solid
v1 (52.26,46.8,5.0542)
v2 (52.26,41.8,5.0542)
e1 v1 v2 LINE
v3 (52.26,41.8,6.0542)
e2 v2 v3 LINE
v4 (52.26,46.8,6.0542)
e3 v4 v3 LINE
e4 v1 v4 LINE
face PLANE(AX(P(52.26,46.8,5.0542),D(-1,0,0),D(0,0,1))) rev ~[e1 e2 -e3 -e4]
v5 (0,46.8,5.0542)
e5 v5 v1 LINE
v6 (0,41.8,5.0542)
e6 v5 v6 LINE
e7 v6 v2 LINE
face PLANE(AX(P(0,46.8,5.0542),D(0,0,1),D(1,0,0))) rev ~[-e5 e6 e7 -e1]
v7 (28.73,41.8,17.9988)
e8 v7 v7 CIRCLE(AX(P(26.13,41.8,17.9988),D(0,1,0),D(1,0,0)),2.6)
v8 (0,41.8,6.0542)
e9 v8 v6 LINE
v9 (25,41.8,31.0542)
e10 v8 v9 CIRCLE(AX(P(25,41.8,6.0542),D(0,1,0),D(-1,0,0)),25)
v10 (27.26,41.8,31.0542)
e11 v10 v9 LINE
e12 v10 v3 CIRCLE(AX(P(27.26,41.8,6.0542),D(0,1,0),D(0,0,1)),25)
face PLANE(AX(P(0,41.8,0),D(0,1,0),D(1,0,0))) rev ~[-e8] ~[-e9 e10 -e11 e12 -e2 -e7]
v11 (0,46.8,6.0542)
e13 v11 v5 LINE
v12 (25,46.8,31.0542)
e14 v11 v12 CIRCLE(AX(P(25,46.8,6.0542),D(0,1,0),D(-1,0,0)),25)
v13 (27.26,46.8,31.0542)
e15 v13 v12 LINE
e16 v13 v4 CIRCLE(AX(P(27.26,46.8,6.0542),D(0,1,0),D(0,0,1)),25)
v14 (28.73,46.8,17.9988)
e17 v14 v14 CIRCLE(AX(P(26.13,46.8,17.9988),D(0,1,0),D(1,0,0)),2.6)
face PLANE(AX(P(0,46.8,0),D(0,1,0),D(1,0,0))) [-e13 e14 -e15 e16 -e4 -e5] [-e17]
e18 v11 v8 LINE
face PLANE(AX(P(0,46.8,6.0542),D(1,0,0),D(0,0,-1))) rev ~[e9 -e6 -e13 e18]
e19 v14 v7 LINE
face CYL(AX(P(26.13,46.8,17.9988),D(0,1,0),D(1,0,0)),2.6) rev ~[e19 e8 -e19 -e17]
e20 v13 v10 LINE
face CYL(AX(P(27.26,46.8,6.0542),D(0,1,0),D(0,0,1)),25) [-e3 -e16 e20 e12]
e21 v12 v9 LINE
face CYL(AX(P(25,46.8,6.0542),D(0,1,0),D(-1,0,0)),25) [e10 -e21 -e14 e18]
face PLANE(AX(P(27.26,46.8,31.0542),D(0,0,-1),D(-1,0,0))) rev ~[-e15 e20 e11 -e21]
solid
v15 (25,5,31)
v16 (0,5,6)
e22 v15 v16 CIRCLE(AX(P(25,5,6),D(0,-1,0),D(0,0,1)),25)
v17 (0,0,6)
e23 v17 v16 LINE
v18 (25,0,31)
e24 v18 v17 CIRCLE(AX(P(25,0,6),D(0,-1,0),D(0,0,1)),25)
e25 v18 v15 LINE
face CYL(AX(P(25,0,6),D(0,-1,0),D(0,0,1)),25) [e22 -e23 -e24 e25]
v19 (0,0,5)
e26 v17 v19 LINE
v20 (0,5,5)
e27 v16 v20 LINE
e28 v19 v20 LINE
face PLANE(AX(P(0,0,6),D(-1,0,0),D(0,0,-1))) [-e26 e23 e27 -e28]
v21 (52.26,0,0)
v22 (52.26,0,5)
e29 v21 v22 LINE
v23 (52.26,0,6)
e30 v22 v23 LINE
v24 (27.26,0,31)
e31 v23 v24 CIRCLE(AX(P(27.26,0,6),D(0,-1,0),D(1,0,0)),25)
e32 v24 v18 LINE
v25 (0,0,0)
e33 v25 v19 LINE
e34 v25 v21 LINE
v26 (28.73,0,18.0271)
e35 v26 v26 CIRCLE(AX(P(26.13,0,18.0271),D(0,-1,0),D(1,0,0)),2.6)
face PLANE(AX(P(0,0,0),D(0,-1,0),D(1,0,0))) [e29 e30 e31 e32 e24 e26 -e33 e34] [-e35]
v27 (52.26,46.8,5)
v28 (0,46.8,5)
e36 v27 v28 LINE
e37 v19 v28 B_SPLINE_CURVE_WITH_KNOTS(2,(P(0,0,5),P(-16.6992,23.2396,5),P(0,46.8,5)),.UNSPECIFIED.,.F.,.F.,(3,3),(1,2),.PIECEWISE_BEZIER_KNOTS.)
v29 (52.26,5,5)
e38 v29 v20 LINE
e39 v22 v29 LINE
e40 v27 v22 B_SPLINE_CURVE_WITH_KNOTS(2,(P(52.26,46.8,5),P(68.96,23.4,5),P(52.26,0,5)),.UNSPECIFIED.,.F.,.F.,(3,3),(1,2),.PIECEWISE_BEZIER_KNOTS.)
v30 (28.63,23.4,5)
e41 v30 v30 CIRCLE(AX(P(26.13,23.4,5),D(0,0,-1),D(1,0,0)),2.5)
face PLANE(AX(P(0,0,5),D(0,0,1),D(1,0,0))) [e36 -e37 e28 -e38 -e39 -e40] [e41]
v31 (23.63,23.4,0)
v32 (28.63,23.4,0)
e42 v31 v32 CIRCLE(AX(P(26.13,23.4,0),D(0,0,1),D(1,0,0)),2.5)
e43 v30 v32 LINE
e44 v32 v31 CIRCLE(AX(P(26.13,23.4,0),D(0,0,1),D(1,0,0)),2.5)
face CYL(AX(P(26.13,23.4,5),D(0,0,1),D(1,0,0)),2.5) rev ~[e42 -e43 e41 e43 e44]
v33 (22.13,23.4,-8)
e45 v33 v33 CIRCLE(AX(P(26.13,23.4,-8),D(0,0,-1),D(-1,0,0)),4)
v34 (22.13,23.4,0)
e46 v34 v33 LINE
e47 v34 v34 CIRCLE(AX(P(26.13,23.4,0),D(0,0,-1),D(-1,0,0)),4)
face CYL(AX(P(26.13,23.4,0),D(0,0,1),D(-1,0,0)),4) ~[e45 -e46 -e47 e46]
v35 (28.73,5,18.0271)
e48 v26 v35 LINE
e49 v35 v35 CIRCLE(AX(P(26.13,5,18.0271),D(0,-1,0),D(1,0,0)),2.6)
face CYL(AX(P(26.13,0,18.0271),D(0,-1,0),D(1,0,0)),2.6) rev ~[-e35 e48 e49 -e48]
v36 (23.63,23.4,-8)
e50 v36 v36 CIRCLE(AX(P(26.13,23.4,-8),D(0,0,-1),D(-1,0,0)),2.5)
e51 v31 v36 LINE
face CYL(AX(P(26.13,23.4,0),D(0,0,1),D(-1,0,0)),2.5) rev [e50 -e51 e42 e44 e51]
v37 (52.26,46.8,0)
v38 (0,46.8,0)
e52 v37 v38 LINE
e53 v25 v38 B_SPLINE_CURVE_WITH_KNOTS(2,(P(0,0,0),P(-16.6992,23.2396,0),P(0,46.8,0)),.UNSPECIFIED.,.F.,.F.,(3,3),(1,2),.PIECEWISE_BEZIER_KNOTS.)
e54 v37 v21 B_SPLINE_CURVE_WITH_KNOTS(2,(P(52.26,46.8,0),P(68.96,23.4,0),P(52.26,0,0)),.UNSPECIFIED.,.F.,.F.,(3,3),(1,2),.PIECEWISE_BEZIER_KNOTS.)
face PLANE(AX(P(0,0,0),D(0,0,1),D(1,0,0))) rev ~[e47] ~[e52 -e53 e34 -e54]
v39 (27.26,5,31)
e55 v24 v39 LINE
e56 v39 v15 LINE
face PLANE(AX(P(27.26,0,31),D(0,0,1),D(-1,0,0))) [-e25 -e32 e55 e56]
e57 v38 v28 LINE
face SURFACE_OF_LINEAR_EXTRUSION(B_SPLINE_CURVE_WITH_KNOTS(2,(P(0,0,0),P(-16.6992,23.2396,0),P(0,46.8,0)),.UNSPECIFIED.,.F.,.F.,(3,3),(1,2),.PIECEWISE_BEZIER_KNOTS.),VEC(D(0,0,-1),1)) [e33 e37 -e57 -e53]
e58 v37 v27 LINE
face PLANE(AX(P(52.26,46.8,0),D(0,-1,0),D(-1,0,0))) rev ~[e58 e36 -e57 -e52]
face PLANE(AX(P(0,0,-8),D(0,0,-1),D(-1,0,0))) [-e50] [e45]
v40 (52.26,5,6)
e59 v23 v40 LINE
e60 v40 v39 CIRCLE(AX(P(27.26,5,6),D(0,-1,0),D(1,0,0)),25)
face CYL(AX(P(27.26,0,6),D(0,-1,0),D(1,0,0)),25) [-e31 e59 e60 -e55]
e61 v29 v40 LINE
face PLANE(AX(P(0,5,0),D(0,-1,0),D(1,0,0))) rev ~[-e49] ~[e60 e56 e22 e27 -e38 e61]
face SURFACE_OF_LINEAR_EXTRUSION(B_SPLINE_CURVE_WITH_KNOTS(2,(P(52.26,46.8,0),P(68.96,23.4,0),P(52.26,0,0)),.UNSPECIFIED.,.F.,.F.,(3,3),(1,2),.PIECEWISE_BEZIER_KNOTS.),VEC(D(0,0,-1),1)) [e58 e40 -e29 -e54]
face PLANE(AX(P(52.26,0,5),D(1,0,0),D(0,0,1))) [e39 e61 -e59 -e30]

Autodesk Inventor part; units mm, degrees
ref_plane "YZ Plane" through (0, 0, 0) normal (1, 0, 0) x (0, 1, 0)
ref_plane "XZ Plane" through (0, 0, 0) normal (0, 1, 0) x (-1, 0, 0)
ref_plane "XY Plane" through (0, 0, 0) normal (0, 0, 1) x (1, 0, 0)
sketch "Esquisse1" plane through (0, 0, 0) normal (0, 0, 1) x (1, 0, 0)
  line L0 (52.26, 46.8) -> (0, 46.8)
  line L1 (0, 0) -> (-16.6992, 23.2396) construction
  line L2 (-16.6992, 23.2396) -> (0, 46.8) construction
  spline S0 degree 2 poles (0, 0) (-16.6992, 23.2396) (0, 46.8) knots 1 1 1 2 2 2
  line L3 (52.26, 46.8) -> (68.96, 23.4) construction
  line L4 (68.96, 23.4) -> (52.26, 0) construction
  spline S1 degree 2 poles (52.26, 46.8) (68.96, 23.4) (52.26, 0) knots 1 1 1 2 2 2
  line L5 (0, 0) -> (52.26, 0)
  point P0 (0, 23.4)
  point P1 (52.26, 23.4)
  point P2 (68.96, 23.4)
  dimension "d0" = 46.8
  dimension "d2" = 16.7
  dimension "d3" = 16.7
extrude "Extrusion1" add sketch "Esquisse1" along normal blind 5
sketch "Esquisse2" plane through (0, 0, 5) normal (0, 0, 1) x (1, 0, 0)
  line L0 (52.26, 46.8) -> (0, 46.8) projected
  line L1 (0, 46.8) -> (52.26, 0)
  line L2 (52.26, 46.8) -> (0, 0)
  circle A0 centre (26.13, 23.4) radius 2.5
  dimension "d6" = 5
extrude "Extrusion2" cut sketch "Esquisse2" against normal blind 5 contours A0 L1 L2 | L2 L1 A0 | L1 L2 A0 | L1 A0 L2
sketch "Esquisse3" plane through (0, 0, 0) normal (0, -1, 0) x (1, 0, 0)
  line L0 (52.26, 5) -> (0, 5) projected
  line L1 (0, 5) -> (52.26, 5)
  line L2 (52.26, 5) -> (52.26, 6)
  line L3 (27.26, 31) -> (25, 31)
  line L4 (0, 6) -> (0, 5)
  arc A0 (25, 31) -> (0, 6) centre (25, 6) ccw
  arc A1 (52.26, 6) -> (27.26, 31) centre (27.26, 6) ccw
  line L5 (0, 5) -> (52.26, 5) projected
  point P0 (0, 0)
  dimension "d10" = 25
  dimension "d11" = 25
  dimension "d12" = 52.26
extrude "Extrusion3" add sketch "Esquisse3" against normal blind 5
sketch "Esquisse5" plane through (0, 46.8, 0) normal (0, 1, 0) x (1, 0, 0)
  line L0 (0, -5.0542) -> (52.26, -5.0542)
  line L1 (52.26, -5.0542) -> (52.26, -6.0542)
  line L2 (27.26, -31.0542) -> (25, -31.0542)
  line L3 (0, -6.0542) -> (0, -5.0542)
  arc A0 (27.26, -31.0542) -> (52.26, -6.0542) centre (27.26, -6.0542) ccw
  arc A1 (0, -6.0542) -> (25, -31.0542) centre (25, -6.0542) ccw
  point P0 (0, 0)
  point P1 (0, -31.0542)
  dimension "d15" = 52.26
  dimension "d16" = 26
  dimension "d17" = 25
extrude "Extrusion4" add sketch "Esquisse5" against normal blind 5
sketch "Esquisse6" plane through (0, 0, 0) normal (0, -1, 0) x (1, 0, 0)
  line L0 (0, 0) -> (0, 5) construction
  line L1 (0, 5.0542) -> (52.26, 5.0542) construction
  line L2 (0, 5.0542) -> (52.26, 31.0542) construction
  line L3 (52.26, 0) -> (52.26, 5) construction
  line L4 (52.26, 5) -> (0, 31.0542) construction
  circle A0 centre (26.13, 18.0271) radius 2.6
  point P0 (27.26, 31.0542)
  dimension "d28" = 5.2
sketch "Esquisse7" plane through (0, 46.8, 0) normal (0, 1, 0) x (1, 0, 0)
  line L0 (29.0305, -30.9433) -> (22.6475, -30.9433) construction
  arc A0 (0, -6.0542) -> (25, -31.0542) centre (25, -6.0542) ccw construction
  line L1 (-16.7657, -30.9433) -> (61.6616, -30.9433) construction
  line L2 (0, -5.0542) -> (52.26, -5.0542) construction
  line L3 (52.26, -5.0542) -> (0, -30.9433) construction
  line L4 (0, -5.0542) -> (52.26, -30.9433) construction
  circle A1 centre (26.13, -17.9988) radius 2.6
  point P0 (0, 0)
  dimension "d24" = 5.2
extrude "Extrusion6" cut sketch "Esquisse7" against normal blind 5
extrude "Extrusion7" cut sketch "Esquisse6" against normal blind 5
sketch "Esquisse8" plane through (0, 0, 0) normal (0, 0, -1) x (-1, 0, 0)
  circle A0 centre (-26.13, 23.4) radius 2.5 projected
  circle A1 centre (-26.13, 23.4) radius 4
  point P0 (0, 0)
  dimension "d31" = 8
extrude "Extrusion8" add sketch "Esquisse8" along normal blind 8
properties part number "Wrist" material "Plastique ABS"
